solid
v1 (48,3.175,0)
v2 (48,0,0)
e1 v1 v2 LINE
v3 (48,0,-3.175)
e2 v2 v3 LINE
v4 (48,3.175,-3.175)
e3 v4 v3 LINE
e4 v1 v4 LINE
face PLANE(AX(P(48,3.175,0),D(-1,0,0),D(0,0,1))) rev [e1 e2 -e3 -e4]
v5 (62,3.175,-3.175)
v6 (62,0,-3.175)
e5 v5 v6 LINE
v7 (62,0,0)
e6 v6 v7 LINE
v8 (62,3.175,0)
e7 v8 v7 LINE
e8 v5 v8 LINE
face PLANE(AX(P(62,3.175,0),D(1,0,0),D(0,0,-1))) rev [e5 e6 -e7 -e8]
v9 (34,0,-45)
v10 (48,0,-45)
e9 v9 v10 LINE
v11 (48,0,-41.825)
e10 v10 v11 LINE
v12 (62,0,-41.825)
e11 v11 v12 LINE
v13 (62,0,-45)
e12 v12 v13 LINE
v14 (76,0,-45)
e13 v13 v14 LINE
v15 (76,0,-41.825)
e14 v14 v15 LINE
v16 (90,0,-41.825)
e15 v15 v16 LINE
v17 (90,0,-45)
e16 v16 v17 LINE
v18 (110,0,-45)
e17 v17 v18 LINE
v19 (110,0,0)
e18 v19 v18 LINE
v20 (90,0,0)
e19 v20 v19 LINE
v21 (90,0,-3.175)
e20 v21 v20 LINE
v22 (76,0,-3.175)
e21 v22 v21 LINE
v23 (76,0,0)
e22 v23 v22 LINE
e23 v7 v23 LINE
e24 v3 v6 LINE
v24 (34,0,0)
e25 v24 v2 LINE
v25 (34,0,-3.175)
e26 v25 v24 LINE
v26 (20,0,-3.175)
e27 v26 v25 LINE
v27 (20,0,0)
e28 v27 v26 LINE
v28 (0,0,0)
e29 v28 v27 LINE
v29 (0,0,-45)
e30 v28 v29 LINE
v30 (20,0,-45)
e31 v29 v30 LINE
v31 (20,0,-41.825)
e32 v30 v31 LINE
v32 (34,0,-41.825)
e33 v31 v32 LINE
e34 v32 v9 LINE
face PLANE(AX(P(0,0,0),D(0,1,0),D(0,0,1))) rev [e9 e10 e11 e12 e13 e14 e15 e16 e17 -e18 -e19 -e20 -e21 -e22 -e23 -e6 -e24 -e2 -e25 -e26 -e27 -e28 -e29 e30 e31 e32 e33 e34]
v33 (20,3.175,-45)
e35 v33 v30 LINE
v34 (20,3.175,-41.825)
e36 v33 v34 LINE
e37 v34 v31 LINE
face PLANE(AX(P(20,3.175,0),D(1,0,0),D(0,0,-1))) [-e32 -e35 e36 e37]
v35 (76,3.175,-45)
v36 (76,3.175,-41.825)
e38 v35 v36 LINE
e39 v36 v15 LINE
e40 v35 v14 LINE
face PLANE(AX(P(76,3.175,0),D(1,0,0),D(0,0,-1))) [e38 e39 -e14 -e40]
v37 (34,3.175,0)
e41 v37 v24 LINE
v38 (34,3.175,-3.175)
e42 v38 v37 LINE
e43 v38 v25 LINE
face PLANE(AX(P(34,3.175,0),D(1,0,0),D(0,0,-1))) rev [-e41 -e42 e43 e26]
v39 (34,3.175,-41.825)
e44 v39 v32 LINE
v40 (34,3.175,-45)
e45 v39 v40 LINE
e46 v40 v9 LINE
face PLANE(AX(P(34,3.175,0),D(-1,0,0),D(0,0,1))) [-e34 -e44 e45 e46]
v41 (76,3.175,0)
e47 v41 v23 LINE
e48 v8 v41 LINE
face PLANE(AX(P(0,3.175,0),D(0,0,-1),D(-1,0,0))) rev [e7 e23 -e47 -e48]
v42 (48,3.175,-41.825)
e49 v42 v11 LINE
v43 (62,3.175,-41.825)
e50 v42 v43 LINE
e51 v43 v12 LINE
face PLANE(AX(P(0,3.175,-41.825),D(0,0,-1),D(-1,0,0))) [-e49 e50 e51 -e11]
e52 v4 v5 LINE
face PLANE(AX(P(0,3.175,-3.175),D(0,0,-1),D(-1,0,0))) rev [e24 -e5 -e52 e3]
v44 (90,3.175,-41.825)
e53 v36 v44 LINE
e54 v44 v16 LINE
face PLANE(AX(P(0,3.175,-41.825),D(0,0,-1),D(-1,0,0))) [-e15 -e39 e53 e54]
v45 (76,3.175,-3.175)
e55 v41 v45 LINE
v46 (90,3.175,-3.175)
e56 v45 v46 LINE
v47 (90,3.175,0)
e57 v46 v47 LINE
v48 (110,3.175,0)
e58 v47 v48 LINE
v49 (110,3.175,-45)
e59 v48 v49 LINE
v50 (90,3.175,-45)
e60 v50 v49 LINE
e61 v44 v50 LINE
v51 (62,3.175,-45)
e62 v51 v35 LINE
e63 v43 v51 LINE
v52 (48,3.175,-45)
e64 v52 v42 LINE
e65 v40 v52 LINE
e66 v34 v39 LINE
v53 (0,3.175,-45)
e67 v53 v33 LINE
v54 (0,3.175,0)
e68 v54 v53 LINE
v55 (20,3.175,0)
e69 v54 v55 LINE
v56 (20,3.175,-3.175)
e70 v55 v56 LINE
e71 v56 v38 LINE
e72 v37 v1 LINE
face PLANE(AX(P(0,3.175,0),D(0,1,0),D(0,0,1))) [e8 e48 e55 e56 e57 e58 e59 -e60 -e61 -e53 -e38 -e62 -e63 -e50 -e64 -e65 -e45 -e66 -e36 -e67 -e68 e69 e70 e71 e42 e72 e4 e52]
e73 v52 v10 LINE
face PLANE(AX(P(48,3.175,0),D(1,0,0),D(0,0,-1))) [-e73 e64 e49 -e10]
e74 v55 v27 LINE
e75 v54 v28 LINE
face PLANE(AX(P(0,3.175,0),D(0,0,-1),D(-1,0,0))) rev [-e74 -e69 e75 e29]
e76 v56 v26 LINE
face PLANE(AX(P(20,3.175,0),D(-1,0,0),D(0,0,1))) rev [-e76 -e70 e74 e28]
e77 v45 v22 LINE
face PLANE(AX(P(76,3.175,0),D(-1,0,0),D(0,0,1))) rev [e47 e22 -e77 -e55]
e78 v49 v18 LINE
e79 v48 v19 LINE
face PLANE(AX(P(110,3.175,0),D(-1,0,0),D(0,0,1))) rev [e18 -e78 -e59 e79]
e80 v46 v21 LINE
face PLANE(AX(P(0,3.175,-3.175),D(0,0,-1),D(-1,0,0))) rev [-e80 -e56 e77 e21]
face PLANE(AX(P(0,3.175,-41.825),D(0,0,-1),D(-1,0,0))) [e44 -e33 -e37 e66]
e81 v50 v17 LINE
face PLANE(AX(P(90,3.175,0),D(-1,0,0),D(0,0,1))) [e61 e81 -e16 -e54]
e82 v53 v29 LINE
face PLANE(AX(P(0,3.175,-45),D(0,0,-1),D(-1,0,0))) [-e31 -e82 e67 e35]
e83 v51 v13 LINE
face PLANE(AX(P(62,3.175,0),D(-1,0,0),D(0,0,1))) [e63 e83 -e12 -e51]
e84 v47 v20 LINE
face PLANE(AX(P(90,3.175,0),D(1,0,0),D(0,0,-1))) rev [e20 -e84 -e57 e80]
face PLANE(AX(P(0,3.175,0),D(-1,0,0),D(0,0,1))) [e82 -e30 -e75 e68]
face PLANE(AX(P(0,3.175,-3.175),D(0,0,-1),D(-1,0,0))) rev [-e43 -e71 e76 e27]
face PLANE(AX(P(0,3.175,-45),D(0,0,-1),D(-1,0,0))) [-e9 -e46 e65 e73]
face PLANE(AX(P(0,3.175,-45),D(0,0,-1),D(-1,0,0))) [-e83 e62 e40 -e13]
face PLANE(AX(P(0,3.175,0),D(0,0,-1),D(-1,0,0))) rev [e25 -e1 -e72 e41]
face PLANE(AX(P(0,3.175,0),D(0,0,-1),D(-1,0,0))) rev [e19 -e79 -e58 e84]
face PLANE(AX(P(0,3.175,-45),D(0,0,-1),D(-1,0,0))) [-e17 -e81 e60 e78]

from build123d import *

# Parameters (mm, degrees)
BOSS_EXTRUDE1_DEPTH = 3.175


with BuildPart() as part:
    # Sketch3 → Boss-Extrude1 (new body)
    with BuildSketch(Plane(origin=(0, 0, 0), x_dir=(1, 0, 0), z_dir=(0, 1, 0))):
        Polygon((62, 3.175), (62, 0), (76, 0), (76, 3.175), (90, 3.175), (90, 0), (110, 0), (110, 45), (90, 45), (90, 41.825), (76, 41.825), (76, 45), (62, 45), (62, 41.825), (48, 41.825), (48, 45), (34, 45), (34, 41.825), (20, 41.825), (20, 45), (0, 45), (0, 0), (20, 0), (20, 3.175), (34, 3.175), (34, 0), (48, 0), (48, 3.175), align=None)
    extrude(amount=BOSS_EXTRUDE1_DEPTH)


solid = part.part
